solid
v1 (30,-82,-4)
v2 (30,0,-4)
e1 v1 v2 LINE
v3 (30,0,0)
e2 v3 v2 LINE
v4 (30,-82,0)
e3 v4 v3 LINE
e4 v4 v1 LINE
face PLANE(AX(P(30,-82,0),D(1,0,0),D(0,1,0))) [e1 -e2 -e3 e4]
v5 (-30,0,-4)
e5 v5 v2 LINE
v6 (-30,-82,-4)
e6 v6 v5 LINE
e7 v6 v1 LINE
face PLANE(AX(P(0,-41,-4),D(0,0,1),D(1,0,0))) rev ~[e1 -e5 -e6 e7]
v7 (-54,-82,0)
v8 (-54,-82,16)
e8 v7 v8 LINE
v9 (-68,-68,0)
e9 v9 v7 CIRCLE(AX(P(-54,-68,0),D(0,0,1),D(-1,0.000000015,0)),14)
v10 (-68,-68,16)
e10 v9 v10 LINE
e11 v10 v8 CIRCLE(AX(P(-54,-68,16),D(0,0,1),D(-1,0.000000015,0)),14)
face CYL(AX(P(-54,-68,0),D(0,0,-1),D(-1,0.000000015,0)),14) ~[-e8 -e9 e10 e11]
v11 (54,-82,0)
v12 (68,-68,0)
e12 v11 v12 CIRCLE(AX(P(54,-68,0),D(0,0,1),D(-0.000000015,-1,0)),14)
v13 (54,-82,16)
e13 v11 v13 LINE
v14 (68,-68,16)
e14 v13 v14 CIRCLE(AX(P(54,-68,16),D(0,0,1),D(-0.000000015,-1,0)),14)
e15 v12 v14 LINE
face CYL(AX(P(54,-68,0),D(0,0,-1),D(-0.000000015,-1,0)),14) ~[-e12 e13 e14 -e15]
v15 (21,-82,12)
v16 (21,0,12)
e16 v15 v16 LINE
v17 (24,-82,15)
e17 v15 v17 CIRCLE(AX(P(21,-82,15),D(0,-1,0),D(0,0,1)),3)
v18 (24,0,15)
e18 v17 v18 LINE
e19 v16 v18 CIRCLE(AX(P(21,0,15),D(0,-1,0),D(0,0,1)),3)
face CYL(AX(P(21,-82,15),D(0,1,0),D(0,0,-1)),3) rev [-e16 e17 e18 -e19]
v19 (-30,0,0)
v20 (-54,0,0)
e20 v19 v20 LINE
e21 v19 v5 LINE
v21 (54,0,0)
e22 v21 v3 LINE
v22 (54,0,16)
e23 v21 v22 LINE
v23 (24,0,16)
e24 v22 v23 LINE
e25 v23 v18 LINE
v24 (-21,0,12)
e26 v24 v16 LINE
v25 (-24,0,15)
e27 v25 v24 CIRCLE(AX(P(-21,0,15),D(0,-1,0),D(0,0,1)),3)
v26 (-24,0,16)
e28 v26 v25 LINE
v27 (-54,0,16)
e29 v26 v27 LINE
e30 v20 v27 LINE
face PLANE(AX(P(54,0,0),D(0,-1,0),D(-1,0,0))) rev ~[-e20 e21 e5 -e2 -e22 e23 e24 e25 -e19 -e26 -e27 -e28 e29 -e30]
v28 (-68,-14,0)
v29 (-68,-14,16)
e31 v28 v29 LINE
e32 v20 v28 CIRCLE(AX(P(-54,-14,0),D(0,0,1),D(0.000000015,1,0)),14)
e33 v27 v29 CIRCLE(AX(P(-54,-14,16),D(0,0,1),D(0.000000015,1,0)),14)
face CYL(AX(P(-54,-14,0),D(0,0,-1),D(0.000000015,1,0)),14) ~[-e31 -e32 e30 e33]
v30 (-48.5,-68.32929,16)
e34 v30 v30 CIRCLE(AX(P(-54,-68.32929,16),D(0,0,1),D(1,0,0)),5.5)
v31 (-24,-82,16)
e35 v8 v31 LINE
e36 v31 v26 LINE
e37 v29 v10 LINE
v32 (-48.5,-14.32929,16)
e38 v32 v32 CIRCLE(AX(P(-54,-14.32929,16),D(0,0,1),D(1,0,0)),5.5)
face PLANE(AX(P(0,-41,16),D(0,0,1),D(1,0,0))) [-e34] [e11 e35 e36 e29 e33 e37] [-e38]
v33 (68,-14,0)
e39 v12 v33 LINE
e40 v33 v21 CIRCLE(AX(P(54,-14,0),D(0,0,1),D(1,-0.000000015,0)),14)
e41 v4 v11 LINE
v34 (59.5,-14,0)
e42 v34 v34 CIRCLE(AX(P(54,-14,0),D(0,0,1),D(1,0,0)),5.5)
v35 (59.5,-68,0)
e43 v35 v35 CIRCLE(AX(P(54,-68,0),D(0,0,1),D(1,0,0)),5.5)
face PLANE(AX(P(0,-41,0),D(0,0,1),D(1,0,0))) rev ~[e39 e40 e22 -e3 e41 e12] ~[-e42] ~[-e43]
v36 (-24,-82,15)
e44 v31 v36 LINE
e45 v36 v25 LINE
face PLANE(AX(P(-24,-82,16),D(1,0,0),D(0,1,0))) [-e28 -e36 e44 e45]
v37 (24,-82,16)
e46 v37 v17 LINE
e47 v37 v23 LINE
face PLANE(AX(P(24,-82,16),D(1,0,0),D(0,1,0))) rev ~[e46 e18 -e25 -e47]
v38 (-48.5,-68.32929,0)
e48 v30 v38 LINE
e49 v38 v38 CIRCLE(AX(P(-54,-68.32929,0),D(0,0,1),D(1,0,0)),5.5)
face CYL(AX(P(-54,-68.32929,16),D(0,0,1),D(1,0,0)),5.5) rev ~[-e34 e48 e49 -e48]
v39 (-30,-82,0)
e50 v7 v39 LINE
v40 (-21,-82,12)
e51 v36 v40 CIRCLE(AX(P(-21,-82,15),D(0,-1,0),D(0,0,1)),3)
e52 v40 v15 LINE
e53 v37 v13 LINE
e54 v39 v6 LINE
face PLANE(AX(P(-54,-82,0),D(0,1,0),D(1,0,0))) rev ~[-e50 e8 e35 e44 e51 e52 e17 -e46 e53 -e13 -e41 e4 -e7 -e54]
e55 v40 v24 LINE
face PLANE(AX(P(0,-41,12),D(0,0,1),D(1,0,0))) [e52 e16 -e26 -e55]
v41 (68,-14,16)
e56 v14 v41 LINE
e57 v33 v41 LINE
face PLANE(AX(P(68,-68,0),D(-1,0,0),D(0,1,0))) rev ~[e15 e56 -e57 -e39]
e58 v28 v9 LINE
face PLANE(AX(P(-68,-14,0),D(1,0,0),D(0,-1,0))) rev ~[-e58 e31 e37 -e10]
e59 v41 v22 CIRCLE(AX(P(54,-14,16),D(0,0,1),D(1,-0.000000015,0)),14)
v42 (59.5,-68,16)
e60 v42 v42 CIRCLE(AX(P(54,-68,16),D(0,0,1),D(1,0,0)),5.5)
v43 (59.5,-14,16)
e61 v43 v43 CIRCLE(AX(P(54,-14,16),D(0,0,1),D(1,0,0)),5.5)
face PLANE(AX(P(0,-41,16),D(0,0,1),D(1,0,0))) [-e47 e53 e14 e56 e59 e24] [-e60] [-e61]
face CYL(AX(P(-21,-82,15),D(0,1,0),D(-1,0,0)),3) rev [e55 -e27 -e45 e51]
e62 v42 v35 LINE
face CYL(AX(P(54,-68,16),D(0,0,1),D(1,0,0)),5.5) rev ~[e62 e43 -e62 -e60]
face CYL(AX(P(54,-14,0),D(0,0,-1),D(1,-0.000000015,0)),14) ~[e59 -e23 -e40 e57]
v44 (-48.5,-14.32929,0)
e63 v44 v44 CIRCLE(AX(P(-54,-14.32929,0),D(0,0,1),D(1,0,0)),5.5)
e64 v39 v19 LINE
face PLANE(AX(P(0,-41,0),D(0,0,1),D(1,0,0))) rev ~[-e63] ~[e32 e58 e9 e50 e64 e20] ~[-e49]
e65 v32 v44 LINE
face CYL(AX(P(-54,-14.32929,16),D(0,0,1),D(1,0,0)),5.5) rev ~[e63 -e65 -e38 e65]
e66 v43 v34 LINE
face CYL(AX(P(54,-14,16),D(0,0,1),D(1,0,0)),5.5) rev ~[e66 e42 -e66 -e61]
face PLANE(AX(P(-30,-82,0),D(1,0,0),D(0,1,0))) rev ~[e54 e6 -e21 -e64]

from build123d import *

# Parameters (mm, degrees)
F1_DEPTH = 16
F2_W     = 60
F2_H     = 82
F3_DEPTH = 4
F4_W     = 48
F4_H     = 82
F5_DEPTH = 4
F6_R     = 3
F7_R     = 5.5
F8_DEPTH = 20.001


with BuildPart() as f1:
    # F0 (on Top) → F1 (new body)
    with BuildSketch(Plane.XY):
        with BuildLine():
            ThreePointArc((-54, 0), (-63.899495, -4.100505), (-68, -14))
            Line((-68, -14), (-68, -68))
            ThreePointArc((-68, -68), (-63.899495, -77.899495), (-54, -82))
            Line((-54, -82), (54, -82))
            ThreePointArc((54, -82), (63.899495, -77.899495), (68, -68))
            Line((68, -68), (68, -14))
            ThreePointArc((68, -14), (63.899495, -4.100505), (54, 0))
            Line((54, 0), (-54, 0))
        make_face()
    extrude(amount=F1_DEPTH)

    # F2 (on Top) → F3 (join)
    with BuildSketch(Plane.XY):
        with Locations((0, -41)):
            Rectangle(F2_W, F2_H)
    extrude(amount=-F3_DEPTH)

    # F4 (on face) → F5 (cut)
    with BuildSketch(Plane.XY.offset(16)):
        with Locations((0, -41)):
            Rectangle(F4_W, F4_H)
    extrude(amount=-F5_DEPTH, mode=Mode.SUBTRACT)

    # F6
    f6_edges = [f1.edges().sort_by_distance(p)[0] for p in [
        (-24, -41, 12),
        (24, -41, 12),
    ]]
    fillet(f6_edges, radius=F6_R)

    # F7 (on face) → F8 (cut, through all)
    with BuildSketch(Plane.XY.offset(16)):
        with Locations((54, -14)):
            Circle(F7_R)
        with Locations((54, -68)):
            Circle(F7_R)
        with Locations((-54, -14.32929)):
            Circle(F7_R)
        with Locations((-54, -68.32929)):
            Circle(F7_R)
    extrude(amount=-F8_DEPTH, mode=Mode.SUBTRACT)


solid = f1.part
